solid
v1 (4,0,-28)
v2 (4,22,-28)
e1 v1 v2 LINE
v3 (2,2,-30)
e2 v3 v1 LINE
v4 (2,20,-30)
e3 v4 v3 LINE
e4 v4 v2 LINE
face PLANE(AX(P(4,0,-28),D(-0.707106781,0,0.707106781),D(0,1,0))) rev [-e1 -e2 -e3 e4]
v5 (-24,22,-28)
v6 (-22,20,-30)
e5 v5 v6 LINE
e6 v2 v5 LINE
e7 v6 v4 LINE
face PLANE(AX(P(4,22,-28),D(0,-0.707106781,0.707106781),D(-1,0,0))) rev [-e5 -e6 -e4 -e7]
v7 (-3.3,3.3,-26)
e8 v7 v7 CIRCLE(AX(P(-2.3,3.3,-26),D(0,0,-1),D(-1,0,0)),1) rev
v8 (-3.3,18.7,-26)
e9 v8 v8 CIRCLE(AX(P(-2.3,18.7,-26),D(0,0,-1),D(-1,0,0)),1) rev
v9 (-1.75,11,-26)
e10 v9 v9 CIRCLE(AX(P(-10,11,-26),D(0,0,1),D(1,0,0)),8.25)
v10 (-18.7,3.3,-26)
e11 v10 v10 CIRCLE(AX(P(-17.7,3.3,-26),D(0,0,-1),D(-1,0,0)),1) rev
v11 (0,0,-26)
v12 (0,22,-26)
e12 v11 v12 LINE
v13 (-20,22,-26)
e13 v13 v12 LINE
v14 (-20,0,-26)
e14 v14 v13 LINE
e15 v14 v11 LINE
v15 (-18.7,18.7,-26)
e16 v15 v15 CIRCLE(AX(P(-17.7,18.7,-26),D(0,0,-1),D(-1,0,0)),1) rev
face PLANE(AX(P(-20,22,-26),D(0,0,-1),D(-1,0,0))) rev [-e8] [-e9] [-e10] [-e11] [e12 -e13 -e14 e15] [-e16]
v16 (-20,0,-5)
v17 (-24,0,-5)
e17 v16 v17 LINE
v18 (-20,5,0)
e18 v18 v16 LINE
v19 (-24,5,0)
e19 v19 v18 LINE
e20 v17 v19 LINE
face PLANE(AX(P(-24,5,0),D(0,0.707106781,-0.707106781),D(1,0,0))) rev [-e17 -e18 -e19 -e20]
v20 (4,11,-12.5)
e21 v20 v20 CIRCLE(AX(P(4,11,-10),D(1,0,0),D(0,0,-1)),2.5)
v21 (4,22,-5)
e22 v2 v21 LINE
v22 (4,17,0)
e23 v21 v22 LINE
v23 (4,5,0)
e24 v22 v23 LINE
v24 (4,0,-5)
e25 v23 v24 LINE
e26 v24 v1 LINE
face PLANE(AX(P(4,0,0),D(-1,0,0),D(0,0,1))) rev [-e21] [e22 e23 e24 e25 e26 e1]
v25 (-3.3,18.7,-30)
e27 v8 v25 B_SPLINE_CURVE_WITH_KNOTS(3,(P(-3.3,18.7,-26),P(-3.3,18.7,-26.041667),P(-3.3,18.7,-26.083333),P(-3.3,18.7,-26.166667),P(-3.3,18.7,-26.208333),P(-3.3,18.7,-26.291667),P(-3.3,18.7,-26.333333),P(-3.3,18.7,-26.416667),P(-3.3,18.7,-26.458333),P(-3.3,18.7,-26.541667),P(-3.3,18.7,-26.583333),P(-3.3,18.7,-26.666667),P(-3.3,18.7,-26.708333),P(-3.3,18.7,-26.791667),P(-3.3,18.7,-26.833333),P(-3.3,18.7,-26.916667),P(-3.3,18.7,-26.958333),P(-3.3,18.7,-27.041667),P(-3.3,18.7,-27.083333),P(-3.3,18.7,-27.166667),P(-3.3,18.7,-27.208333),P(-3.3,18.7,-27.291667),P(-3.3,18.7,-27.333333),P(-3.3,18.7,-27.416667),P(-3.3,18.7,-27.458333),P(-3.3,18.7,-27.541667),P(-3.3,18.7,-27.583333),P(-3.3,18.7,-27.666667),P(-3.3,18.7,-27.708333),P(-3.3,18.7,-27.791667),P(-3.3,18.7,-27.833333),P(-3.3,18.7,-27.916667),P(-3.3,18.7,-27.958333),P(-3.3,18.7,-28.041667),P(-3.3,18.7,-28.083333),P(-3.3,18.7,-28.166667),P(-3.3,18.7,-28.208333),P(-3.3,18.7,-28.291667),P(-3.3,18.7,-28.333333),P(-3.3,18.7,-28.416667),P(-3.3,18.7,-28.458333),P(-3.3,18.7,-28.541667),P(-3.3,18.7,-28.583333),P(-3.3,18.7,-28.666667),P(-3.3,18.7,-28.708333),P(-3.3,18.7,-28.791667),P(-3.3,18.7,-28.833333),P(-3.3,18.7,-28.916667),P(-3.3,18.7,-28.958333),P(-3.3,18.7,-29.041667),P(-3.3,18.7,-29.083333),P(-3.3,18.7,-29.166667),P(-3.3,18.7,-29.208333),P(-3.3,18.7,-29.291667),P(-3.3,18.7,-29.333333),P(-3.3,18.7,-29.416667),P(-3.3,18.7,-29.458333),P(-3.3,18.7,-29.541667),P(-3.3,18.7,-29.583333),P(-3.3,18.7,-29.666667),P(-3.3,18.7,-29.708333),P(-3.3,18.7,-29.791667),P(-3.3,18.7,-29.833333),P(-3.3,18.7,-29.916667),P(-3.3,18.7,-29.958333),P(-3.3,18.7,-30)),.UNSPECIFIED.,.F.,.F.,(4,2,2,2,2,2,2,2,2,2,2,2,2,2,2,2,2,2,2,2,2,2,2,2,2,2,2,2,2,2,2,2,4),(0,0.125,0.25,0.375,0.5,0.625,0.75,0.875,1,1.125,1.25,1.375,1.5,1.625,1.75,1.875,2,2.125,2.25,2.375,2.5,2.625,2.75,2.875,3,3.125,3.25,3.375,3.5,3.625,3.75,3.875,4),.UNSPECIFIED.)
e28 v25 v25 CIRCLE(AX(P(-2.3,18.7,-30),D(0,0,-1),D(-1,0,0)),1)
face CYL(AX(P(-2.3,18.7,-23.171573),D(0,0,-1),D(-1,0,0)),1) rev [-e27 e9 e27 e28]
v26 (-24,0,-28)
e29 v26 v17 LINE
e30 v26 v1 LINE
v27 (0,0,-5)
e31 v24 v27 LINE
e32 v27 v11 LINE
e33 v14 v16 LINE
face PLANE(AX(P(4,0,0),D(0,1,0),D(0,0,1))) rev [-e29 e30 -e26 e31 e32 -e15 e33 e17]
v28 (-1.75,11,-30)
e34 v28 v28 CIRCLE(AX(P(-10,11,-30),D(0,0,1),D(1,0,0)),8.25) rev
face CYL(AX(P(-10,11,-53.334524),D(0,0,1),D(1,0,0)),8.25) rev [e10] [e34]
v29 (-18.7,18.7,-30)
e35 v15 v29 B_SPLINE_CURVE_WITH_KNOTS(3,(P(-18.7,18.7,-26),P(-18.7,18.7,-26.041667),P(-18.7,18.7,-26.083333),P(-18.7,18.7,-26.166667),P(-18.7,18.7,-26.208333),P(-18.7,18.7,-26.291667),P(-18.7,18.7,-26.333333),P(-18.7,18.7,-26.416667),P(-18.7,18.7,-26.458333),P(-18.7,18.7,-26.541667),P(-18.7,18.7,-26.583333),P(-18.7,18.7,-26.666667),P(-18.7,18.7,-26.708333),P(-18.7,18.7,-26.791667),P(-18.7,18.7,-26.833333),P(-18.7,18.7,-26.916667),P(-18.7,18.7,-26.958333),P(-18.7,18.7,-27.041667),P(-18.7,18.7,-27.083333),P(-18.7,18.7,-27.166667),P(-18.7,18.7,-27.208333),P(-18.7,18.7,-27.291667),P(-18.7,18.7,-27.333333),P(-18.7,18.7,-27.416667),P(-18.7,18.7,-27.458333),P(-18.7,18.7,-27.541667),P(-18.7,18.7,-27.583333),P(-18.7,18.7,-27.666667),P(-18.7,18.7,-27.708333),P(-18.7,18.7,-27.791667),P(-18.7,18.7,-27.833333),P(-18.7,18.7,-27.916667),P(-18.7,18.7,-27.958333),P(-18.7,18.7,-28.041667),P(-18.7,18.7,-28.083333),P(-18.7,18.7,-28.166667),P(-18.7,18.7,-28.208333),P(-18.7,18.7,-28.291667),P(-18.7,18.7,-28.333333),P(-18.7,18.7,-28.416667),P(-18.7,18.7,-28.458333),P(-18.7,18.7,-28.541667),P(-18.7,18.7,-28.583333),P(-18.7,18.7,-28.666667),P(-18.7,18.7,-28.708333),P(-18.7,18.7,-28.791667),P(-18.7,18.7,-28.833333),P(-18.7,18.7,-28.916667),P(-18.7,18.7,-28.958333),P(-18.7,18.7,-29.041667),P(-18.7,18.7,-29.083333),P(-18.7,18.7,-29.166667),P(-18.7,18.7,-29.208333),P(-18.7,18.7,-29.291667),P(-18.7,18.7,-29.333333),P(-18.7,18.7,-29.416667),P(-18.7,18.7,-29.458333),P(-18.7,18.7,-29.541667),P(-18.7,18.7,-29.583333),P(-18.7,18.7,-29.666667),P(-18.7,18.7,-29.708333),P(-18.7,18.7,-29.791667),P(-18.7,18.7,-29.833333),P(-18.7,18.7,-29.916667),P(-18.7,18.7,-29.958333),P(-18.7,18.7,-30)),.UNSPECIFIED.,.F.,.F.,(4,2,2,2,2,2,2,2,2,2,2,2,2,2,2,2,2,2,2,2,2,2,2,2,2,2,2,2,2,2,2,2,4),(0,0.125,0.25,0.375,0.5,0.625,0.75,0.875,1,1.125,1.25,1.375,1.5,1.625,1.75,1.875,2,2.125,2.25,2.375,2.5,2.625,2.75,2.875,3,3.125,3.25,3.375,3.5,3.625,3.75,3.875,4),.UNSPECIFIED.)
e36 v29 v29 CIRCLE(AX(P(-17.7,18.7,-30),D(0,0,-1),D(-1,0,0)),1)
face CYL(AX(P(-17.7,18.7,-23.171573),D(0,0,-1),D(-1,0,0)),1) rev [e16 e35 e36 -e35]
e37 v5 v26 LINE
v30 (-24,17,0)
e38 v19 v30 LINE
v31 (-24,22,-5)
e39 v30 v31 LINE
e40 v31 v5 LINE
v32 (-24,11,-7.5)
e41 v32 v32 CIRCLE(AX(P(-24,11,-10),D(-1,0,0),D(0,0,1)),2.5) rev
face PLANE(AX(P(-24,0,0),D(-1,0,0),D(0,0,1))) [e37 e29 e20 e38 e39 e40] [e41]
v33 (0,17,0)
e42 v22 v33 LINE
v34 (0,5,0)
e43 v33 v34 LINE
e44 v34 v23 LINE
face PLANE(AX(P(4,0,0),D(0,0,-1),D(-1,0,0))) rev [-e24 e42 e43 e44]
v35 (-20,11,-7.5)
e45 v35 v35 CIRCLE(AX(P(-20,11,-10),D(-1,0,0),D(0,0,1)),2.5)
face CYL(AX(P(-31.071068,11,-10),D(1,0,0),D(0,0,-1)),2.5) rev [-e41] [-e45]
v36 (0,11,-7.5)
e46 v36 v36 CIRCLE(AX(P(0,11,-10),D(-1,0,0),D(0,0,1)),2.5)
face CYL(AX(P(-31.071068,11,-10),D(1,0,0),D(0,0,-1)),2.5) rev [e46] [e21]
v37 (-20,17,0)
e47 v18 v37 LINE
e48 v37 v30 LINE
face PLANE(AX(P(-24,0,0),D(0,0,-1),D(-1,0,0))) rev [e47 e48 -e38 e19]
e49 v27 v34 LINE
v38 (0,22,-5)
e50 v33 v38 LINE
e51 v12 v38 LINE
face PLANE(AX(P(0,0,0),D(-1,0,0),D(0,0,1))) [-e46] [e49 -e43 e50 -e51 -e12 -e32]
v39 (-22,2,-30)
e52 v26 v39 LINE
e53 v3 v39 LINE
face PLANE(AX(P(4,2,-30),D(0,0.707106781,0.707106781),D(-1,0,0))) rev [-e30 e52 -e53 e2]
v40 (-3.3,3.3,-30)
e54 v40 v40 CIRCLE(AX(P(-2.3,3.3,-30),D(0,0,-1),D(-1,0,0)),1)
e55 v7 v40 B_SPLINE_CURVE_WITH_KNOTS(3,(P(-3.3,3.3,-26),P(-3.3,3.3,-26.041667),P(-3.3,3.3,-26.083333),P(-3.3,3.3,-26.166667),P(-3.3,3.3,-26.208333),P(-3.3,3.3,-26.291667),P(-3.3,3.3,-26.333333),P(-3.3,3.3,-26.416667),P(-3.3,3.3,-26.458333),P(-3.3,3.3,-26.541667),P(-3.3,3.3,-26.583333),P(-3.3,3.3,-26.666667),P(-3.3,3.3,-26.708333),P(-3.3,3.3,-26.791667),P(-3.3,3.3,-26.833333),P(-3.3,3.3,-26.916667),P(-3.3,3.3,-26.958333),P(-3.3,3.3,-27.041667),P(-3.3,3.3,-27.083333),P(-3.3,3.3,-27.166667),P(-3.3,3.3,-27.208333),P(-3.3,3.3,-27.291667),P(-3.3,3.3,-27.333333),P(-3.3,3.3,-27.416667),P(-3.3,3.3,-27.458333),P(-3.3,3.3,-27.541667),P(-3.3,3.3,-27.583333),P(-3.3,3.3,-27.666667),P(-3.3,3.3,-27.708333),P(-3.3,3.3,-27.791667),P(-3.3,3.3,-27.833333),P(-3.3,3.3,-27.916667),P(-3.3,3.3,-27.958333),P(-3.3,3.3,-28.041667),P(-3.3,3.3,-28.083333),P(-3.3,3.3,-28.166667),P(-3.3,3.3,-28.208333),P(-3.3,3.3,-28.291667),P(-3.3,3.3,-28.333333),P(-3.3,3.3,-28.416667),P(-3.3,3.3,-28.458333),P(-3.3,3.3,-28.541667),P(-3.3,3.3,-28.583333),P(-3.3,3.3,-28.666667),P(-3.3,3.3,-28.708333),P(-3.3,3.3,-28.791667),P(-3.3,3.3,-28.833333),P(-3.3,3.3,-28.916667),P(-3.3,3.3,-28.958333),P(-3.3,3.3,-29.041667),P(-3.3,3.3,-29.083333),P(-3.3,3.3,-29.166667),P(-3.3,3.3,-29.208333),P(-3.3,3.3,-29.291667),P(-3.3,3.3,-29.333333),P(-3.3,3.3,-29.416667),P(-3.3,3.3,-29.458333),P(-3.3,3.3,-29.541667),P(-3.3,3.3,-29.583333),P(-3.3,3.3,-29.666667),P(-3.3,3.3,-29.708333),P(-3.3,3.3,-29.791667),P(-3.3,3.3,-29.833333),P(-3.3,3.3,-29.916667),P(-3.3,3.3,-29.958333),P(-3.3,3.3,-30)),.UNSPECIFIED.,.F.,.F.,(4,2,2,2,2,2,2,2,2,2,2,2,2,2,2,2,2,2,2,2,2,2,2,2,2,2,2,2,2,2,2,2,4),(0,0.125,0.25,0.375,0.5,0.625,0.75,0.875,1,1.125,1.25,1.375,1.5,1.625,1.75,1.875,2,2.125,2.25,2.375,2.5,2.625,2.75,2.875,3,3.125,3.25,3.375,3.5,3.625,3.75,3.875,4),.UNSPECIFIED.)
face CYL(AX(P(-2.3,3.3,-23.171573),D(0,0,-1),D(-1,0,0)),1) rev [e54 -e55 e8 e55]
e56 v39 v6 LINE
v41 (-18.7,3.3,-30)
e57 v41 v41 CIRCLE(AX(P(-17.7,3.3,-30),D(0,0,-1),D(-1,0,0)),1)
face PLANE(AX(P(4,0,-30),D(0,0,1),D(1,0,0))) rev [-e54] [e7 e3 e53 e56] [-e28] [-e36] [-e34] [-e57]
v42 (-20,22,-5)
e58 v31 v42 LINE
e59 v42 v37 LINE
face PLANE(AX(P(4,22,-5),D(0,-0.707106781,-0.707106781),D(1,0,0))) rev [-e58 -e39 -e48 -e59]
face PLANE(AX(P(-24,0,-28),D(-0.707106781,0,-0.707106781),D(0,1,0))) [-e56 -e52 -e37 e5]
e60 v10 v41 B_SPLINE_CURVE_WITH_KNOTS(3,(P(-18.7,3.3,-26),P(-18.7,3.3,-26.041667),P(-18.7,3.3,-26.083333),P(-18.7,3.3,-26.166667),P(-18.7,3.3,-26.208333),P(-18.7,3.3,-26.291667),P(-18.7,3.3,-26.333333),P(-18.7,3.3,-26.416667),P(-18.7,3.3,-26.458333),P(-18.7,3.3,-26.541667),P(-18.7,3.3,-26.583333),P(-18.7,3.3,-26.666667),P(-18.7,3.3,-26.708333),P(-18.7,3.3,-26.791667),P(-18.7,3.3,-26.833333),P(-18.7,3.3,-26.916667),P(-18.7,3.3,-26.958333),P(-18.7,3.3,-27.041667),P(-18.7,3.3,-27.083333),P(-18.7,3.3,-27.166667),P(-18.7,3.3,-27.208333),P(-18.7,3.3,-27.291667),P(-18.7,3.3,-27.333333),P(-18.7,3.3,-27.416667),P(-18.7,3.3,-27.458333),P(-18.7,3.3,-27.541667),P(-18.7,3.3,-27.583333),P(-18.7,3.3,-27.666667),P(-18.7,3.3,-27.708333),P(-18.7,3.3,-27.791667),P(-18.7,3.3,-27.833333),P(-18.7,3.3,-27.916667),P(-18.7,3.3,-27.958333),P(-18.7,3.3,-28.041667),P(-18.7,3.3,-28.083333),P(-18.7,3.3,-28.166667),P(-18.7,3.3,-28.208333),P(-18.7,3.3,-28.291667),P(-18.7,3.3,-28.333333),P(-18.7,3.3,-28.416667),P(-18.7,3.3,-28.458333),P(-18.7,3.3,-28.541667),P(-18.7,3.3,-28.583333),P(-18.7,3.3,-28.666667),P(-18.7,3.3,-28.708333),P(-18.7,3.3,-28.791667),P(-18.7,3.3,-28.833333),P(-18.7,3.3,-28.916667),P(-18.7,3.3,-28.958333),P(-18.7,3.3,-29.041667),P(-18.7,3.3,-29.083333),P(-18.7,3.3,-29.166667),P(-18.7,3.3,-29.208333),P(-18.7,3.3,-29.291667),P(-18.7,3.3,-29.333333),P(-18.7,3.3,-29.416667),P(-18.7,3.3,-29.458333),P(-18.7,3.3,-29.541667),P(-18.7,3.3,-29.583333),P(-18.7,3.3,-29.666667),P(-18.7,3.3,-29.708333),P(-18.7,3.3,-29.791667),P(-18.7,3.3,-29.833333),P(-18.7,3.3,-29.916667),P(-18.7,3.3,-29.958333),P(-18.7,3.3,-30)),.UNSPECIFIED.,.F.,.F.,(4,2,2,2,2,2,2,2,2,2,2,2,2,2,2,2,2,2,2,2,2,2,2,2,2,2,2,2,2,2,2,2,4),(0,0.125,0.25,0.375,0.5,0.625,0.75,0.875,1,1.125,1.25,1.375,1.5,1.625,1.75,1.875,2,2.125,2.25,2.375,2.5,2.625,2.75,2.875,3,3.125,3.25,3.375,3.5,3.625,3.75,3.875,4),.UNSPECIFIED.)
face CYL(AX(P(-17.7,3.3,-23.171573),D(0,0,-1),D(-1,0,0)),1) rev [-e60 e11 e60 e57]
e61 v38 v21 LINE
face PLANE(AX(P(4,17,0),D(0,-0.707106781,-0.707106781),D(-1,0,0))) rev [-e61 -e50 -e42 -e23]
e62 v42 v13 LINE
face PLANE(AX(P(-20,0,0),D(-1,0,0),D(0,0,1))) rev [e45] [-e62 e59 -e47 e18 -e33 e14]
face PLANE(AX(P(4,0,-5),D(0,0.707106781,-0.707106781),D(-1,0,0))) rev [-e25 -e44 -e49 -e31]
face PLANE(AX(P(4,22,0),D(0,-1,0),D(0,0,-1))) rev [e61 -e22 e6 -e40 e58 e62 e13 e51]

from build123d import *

# Parameters (mm, degrees)
SKETCH1_W           = 30
SKETCH1_H           = 22
BOSS_EXTRUDE1_DEPTH = 4
SKETCH2_W           = 4
SKETCH2_H           = 22
BOSS_EXTRUDE2_DEPTH = 20
SKETCH3_W           = 30
SKETCH3_H           = 22
BOSS_EXTRUDE3_DEPTH = 4
CHAMFER2_SIZE       = 5
SKETCH8_R           = 8.25
CUT_EXTRUDE1_DEPTH  = 4
SKETCH9_R           = 1
CUT_EXTRUDE2_DEPTH  = 4
CHAMFER3_SIZE       = 2
CUT_EXTRUDE3_REACH  = 48.562
SKETCH4_R           = 2.5


with BuildPart() as part:
    # Sketch1 → Boss-Extrude1 (new body)
    with BuildSketch(Plane(origin=(0, 0, 0), x_dir=(0, 0, -1), z_dir=(1, 0, 0))):
        with Locations((15, 11)):
            Rectangle(SKETCH1_W, SKETCH1_H)
    extrude(amount=BOSS_EXTRUDE1_DEPTH)

    # Sketch2 → Boss-Extrude2 (add)
    with BuildSketch(Plane.ZY):
        with Locations((-28, 11)):
            Rectangle(SKETCH2_W, SKETCH2_H)
    extrude(amount=BOSS_EXTRUDE2_DEPTH)

    # Sketch3 → Boss-Extrude3 (add)
    with BuildSketch(Plane.ZY.offset(20)):
        with Locations((-15, 11)):
            Rectangle(SKETCH3_W, SKETCH3_H)
    extrude(amount=BOSS_EXTRUDE3_DEPTH)

    # Chamfer2
    chamfer2_edges = [part.edges().sort_by_distance(p)[0] for p in [
        (-22, 22, 0),
        (-22, 0, 0),
        (2, 22, 0),
        (2, 0, 0),
    ]]
    chamfer(chamfer2_edges, length=CHAMFER2_SIZE)

    # Sketch8 → Cut-Extrude1 (cut)
    with BuildSketch(Plane.XY.offset(-26)):
        with Locations((-10, 11)):
            Circle(SKETCH8_R)
    extrude(amount=-CUT_EXTRUDE1_DEPTH, mode=Mode.SUBTRACT)

    # Sketch9 → Cut-Extrude2 (cut)
    with BuildSketch(Plane(origin=(0, 0, -30), x_dir=(-1, 0, 0), z_dir=(0, 0, -1))):
        with Locations((2.3, 18.7)):
            Circle(SKETCH9_R)
        with Locations((17.7, 18.7)):
            Circle(SKETCH9_R)
        with Locations((17.7, 3.3)):
            Circle(SKETCH9_R)
        with Locations((2.3, 3.3)):
            Circle(SKETCH9_R)
    extrude(amount=-CUT_EXTRUDE2_DEPTH, mode=Mode.SUBTRACT)

    # Chamfer3
    chamfer3_edges = [part.edges().sort_by_distance(p)[0] for p in [
        (4, 11, -30),
        (-24, 11, -30),
        (-10, 22, -30),
        (-10, 0, -30),
    ]]
    chamfer(chamfer3_edges, length=CHAMFER3_SIZE)

    # Cut-Extrude3: up to this face of the body (flat: up to its plane)
    cut_extrude3_end = Plane(part.part.faces().sort_by_distance((-24, 11, -14.521714608))[0])
    # Sketch4 → Cut-Extrude3 (cut, up to the picked face)
    with BuildSketch(Plane(origin=(4, 0, 0), x_dir=(0, 0, -1), z_dir=(1, 0, 0)), mode=Mode.PRIVATE) as cut_extrude3_sk1:
        with Locations(Location((10, 11, 0), (0, 0, 180))):
            Circle(SKETCH4_R)
    cut_extrude3_tool1 = split(extrude(cut_extrude3_sk1.sketch, amount=-CUT_EXTRUDE3_REACH, mode=Mode.PRIVATE), bisect_by=cut_extrude3_end, keep=Keep.BOTH, mode=Mode.PRIVATE)
    add(cut_extrude3_tool1.solids().sort_by(Axis((4, 11, -10), (-1, 0, 0)))[0], mode=Mode.SUBTRACT)


solid = part.part
